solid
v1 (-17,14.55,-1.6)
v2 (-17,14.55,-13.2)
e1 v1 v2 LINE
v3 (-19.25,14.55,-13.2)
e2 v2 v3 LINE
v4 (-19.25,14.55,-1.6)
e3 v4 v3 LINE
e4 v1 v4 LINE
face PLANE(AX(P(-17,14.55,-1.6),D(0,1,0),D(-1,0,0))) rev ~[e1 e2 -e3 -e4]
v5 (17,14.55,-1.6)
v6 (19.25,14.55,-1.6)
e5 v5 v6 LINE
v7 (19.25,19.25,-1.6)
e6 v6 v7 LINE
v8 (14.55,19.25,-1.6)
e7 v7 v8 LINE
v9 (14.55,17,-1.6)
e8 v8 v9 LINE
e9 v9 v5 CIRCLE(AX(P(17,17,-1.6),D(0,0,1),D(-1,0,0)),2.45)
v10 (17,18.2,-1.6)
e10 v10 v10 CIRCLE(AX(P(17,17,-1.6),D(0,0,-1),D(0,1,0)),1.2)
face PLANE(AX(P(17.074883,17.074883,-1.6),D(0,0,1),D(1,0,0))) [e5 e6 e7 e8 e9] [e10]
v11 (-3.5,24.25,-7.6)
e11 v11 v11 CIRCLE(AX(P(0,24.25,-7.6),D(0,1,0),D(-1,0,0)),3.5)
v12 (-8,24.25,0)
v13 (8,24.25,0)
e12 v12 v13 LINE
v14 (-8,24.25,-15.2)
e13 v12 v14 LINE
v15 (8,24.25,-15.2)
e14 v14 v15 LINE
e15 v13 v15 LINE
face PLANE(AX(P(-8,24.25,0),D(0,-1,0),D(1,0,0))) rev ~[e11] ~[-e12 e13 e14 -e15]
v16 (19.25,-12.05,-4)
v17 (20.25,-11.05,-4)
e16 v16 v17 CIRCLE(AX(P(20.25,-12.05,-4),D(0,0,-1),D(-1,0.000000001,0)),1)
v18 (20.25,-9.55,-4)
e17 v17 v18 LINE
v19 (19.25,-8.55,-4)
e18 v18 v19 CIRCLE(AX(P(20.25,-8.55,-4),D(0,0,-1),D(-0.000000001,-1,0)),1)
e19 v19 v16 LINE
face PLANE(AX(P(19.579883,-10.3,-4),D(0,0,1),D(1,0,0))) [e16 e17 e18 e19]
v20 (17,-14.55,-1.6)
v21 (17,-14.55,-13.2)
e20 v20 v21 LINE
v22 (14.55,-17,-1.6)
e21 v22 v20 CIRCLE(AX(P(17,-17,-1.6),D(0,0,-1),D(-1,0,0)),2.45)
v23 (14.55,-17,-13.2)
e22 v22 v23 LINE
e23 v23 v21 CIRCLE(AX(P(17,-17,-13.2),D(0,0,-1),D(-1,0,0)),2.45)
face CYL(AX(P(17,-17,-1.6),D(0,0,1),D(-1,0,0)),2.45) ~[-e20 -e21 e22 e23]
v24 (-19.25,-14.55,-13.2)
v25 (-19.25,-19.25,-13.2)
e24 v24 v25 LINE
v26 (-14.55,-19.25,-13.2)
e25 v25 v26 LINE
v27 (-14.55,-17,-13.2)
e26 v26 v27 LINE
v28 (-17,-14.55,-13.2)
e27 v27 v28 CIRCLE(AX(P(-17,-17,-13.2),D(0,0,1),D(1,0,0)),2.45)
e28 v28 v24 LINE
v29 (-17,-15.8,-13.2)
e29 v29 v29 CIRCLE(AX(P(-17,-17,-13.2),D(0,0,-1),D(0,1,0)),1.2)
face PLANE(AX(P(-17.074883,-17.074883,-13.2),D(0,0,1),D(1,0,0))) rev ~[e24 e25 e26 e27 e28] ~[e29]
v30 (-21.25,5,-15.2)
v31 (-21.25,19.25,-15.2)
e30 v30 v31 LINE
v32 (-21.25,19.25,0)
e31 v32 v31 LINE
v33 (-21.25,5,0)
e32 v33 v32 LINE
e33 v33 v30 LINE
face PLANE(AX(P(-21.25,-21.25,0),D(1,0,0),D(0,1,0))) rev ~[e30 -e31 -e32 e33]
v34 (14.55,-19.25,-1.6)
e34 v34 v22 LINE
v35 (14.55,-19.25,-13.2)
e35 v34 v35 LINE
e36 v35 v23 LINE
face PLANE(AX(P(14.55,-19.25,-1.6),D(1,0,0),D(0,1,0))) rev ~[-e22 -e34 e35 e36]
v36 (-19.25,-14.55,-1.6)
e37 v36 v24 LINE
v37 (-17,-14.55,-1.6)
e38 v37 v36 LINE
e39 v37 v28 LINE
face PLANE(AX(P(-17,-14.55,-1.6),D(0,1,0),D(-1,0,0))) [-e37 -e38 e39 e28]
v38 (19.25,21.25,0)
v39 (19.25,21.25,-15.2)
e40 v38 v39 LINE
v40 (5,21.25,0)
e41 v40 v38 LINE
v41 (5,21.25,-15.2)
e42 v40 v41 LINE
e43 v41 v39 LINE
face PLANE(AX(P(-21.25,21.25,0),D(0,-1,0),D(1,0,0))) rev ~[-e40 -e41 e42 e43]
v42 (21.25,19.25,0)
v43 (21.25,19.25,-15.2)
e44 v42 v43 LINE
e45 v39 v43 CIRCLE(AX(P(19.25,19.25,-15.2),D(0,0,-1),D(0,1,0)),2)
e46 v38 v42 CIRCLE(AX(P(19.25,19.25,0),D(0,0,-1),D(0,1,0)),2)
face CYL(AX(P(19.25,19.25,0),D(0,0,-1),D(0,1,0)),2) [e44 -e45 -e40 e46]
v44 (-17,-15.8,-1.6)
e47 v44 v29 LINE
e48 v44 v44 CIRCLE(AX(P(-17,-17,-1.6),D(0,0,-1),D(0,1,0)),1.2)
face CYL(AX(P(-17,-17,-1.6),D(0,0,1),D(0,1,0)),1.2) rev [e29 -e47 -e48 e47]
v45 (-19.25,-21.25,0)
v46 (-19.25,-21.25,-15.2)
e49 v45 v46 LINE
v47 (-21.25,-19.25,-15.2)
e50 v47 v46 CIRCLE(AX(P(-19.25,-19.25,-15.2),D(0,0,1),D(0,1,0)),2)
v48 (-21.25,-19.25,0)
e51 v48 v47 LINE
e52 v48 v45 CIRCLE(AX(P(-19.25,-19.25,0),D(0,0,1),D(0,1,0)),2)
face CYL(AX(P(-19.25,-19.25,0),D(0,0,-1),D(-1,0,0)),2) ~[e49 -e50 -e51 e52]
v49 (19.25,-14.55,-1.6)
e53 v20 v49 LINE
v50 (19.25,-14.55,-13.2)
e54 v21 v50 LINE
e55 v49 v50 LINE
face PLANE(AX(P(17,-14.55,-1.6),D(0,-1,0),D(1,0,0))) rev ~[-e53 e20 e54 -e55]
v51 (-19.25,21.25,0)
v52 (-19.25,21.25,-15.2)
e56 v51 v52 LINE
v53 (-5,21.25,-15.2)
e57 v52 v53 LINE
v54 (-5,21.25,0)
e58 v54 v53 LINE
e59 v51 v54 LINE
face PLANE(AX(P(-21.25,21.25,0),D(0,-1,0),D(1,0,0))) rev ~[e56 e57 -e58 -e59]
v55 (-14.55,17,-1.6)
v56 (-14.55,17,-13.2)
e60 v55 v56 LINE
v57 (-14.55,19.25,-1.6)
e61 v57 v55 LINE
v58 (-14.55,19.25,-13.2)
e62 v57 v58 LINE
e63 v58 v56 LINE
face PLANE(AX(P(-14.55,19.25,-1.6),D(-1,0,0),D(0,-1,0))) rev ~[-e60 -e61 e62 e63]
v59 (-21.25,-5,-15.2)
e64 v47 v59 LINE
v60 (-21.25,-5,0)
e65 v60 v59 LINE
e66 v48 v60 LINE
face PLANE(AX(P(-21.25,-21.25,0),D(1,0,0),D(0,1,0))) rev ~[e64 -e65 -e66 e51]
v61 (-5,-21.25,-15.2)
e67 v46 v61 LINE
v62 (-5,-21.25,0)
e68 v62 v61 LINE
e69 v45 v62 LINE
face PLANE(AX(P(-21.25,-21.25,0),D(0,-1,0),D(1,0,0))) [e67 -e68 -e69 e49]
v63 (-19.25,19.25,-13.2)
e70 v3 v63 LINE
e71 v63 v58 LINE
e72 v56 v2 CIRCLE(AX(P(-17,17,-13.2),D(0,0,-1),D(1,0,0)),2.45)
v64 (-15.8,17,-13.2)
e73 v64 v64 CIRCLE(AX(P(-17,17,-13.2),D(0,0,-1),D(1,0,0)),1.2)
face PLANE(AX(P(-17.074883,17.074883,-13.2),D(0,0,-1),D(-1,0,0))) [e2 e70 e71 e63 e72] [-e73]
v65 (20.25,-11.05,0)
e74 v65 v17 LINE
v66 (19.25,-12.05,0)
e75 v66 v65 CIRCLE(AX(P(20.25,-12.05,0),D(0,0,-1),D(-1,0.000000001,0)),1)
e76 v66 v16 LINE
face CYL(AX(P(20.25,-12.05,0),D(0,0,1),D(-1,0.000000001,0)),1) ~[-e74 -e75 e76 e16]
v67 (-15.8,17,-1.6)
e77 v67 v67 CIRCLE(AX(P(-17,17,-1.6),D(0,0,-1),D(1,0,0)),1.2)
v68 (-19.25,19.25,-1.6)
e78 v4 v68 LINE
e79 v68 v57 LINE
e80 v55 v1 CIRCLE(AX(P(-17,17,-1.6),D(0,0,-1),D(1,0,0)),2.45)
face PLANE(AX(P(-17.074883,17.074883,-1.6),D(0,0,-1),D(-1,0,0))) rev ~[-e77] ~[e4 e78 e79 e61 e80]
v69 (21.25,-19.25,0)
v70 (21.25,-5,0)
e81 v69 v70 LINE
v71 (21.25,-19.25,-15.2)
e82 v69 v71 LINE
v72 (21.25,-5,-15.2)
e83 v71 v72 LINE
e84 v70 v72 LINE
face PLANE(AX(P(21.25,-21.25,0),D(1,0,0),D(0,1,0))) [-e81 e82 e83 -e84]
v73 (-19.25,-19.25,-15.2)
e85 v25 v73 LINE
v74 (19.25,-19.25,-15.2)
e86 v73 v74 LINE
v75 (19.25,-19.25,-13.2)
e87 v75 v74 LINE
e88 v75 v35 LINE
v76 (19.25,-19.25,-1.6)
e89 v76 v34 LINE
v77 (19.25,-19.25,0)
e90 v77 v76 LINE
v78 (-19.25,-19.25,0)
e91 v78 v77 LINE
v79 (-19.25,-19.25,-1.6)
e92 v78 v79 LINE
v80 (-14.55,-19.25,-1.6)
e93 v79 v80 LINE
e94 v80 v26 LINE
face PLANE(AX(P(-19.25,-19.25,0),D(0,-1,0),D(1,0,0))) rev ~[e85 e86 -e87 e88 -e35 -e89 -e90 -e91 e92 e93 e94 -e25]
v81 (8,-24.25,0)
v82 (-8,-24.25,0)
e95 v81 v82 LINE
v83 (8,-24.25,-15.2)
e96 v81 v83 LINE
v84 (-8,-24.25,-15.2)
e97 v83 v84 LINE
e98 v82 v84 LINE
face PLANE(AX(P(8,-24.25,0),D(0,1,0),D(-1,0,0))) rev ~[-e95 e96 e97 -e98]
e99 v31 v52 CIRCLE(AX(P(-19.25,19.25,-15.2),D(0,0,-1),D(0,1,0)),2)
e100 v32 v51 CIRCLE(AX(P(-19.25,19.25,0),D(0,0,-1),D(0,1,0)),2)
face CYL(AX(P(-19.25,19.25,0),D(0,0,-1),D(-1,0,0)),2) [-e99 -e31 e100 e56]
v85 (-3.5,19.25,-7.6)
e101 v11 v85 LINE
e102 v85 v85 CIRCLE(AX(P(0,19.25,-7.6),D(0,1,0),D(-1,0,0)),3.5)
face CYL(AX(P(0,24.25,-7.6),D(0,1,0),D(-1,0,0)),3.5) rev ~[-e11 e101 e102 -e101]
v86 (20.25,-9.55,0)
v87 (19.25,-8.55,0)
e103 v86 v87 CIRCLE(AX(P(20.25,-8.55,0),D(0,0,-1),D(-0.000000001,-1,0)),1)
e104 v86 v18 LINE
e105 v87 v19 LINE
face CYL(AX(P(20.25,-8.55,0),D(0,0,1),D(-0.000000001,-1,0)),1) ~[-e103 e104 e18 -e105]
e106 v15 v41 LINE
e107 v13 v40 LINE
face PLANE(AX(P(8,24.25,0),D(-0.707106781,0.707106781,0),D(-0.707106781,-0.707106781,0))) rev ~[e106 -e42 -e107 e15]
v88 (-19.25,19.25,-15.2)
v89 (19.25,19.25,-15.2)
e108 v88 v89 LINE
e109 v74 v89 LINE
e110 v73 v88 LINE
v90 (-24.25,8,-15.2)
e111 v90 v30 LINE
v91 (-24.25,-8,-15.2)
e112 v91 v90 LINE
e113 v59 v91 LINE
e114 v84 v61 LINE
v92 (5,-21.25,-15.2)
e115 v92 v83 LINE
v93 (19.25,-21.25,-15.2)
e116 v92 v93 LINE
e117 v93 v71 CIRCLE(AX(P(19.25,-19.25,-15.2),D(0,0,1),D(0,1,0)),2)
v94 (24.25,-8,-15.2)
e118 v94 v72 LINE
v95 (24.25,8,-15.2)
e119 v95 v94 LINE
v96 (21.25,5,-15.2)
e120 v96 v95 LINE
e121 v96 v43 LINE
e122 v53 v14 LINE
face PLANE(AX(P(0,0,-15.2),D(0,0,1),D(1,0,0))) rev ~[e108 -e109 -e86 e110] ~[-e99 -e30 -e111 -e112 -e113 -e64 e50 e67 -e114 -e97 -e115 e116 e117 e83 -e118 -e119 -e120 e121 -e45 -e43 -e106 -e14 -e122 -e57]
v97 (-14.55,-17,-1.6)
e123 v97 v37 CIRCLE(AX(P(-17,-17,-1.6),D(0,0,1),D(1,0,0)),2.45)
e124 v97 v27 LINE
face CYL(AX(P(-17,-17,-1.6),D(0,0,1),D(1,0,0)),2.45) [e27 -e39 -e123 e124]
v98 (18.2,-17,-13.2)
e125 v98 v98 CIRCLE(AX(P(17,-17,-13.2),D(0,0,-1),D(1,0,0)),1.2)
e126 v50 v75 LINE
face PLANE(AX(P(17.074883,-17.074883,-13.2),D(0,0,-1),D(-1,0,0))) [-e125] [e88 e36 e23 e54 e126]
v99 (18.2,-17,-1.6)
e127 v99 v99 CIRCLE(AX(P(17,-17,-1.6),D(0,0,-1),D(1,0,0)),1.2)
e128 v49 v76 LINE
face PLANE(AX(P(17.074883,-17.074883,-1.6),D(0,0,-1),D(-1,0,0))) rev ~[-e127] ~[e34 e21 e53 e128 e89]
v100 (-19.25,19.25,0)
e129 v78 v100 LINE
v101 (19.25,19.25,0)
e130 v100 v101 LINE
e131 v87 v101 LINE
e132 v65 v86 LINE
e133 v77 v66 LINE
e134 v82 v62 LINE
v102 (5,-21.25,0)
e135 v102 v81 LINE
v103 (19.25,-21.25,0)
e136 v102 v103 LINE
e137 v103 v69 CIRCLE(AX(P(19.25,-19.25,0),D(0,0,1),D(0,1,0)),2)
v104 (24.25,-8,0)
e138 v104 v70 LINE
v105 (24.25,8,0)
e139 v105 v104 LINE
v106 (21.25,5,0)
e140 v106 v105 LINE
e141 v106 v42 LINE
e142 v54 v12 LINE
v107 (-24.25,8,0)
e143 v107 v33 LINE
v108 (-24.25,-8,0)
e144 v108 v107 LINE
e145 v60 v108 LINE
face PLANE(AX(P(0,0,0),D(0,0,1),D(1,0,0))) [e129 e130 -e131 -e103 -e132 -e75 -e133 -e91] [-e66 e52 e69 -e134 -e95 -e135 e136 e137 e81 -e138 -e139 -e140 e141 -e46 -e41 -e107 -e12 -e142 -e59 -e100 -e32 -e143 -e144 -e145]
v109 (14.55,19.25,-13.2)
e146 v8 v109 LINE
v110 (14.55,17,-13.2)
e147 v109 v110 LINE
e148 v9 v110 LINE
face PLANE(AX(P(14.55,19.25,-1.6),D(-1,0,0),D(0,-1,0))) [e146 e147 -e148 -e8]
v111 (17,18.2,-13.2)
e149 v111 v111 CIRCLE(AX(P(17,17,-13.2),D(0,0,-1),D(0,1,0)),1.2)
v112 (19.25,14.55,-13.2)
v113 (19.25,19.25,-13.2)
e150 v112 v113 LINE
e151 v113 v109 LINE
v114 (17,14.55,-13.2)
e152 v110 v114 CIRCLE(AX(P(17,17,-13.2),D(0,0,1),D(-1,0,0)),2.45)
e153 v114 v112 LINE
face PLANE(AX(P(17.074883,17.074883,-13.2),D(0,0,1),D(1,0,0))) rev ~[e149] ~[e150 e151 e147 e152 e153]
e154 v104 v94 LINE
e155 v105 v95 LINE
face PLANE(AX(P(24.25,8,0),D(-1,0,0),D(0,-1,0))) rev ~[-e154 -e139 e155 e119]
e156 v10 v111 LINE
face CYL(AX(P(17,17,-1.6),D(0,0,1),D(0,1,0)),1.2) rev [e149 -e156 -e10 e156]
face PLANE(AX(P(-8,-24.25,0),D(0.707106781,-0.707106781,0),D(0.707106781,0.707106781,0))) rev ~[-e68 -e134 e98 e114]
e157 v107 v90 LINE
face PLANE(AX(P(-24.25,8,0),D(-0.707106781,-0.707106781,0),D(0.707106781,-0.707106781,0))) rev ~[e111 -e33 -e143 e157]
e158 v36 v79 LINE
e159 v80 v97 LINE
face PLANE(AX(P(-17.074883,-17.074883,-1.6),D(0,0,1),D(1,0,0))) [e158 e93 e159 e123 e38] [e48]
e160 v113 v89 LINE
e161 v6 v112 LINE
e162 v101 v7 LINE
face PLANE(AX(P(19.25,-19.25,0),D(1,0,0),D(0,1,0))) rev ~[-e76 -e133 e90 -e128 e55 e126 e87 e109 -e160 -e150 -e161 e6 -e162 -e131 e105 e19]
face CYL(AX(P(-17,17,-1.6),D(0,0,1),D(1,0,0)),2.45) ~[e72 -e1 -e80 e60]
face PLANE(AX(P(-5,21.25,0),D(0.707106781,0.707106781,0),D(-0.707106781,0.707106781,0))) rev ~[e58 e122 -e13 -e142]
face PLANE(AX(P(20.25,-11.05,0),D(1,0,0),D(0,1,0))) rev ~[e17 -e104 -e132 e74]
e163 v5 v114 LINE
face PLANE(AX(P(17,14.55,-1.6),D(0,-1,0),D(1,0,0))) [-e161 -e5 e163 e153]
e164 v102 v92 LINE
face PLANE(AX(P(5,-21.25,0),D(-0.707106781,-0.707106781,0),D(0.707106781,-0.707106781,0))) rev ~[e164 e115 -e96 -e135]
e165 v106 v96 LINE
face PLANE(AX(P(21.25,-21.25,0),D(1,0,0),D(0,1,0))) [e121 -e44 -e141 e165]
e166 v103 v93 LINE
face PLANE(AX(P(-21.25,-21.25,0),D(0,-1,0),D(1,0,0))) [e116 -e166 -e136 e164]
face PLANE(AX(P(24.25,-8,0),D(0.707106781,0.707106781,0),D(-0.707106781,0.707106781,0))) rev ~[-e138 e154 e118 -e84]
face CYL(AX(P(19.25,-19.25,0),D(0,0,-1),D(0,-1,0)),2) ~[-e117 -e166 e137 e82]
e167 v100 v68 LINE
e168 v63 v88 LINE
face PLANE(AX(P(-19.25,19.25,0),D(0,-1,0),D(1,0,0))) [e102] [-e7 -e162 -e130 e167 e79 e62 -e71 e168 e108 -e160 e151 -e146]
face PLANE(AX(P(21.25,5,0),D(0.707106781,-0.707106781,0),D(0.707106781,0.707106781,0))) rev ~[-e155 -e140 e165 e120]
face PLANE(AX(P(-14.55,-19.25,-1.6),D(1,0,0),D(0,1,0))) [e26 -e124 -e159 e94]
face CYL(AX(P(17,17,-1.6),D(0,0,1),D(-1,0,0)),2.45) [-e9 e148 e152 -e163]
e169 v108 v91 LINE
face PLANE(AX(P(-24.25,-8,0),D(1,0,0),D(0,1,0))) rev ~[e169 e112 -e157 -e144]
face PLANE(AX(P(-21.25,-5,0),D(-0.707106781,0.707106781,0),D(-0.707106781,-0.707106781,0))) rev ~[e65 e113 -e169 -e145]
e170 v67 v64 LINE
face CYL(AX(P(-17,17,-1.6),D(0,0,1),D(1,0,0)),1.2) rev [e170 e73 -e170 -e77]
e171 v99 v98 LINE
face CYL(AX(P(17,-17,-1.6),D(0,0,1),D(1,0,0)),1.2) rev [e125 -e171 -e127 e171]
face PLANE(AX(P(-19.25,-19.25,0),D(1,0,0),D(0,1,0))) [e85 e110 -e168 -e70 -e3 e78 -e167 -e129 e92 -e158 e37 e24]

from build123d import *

# Parameters (mm, degrees)
SKETCH1_W           = 42.5
SKETCH1_H           = 42.5
SKETCH1_W_2         = 38.5
SKETCH1_H_2         = 38.5
BOSS_EXTRUDE2_DEPTH = 15.2
SKETCH2_R           = 1.2
BOSS_EXTRUDE4_DEPTH = 11.6
BOSS_EXTRUDE5_DEPTH = 15.2
CIRPATTERN1_COUNT   = 4
CUT_EXTRUDE2_DEPTH  = 4
CUT_EXTRUDE3_REACH  = 58.315
SKETCH4_R           = 3.5
FILLET1_R           = 2


with BuildPart() as part:
    # Sketch1 → Boss-Extrude2 (new body)
    with BuildSketch(Plane.XY):
        Rectangle(SKETCH1_W, SKETCH1_H)
        Rectangle(SKETCH1_W_2, SKETCH1_H_2, mode=Mode.SUBTRACT)
    extrude(amount=-BOSS_EXTRUDE2_DEPTH)

    # Sketch2 → Boss-Extrude4 (add)
    # profile 1 of 4: a face of its own
    with BuildSketch(Plane(origin=(0, 0, -1.6), x_dir=(-1, 0, 0), z_dir=(0, 0, -1))):
        with BuildLine():
            Line((17, -14.55), (19.25, -14.55))
            Line((19.25, -14.55), (19.25, -19.25))
            Line((19.25, -19.25), (14.55, -19.25))
            Line((14.55, -19.25), (14.55, -17))
            ThreePointArc((14.55, -17), (15.267588386, -15.267588386), (17, -14.55))
        make_face()
        with Locations(Location((17, -17, 0), (0, 0, 90))):
            Circle(SKETCH2_R, mode=Mode.SUBTRACT)
    # profile 2 of 4: a face of its own
    with BuildSketch(Plane(origin=(0, 0, -1.6), x_dir=(-1, 0, 0), z_dir=(0, 0, -1))):
        with BuildLine():
            Line((19.25, 14.55), (19.25, 19.25))
            Line((19.25, 19.25), (14.55, 19.25))
            Line((14.55, 19.25), (14.55, 17))
            ThreePointArc((14.55, 17), (15.267588386, 15.267588386), (17, 14.55))
            Line((17, 14.55), (19.25, 14.55))
        make_face()
        with Locations(Location((17, 17, 0), (0, 0, 180))):
            Circle(SKETCH2_R, mode=Mode.SUBTRACT)
    # profile 3 of 4: a face of its own
    with BuildSketch(Plane(origin=(0, 0, -1.6), x_dir=(-1, 0, 0), z_dir=(0, 0, -1))):
        with BuildLine():
            Line((-19.25, -14.55), (-19.25, -19.25))
            Line((-19.25, -19.25), (-14.55, -19.25))
            Line((-14.55, -19.25), (-14.55, -17))
            ThreePointArc((-14.55, -17), (-15.267588386, -15.267588386), (-17, -14.55))
            Line((-17, -14.55), (-19.25, -14.55))
        make_face()
        with Locations(Location((-17, -17, 0), (0, 0, 180))):
            Circle(SKETCH2_R, mode=Mode.SUBTRACT)
    # profile 4 of 4: a face of its own
    with BuildSketch(Plane(origin=(0, 0, -1.6), x_dir=(-1, 0, 0), z_dir=(0, 0, -1))):
        with BuildLine():
            Line((-17, 14.55), (-19.25, 14.55))
            Line((-19.25, 14.55), (-19.25, 19.25))
            Line((-19.25, 19.25), (-14.55, 19.25))
            Line((-14.55, 19.25), (-14.55, 17))
            ThreePointArc((-14.55, 17), (-15.267588386, 15.267588386), (-17, 14.55))
        make_face()
        with Locations(Location((-17, 17, 0), (0, 0, 90))):
            Circle(SKETCH2_R, mode=Mode.SUBTRACT)
    extrude(amount=BOSS_EXTRUDE4_DEPTH)

    # Sketch5 → Boss-Extrude5 (add)
    with BuildSketch(Plane.XY):
        Polygon((-21.25, 5), (-21.25, -5), (-24.25, -8), (-24.25, 8), align=None)
    boss_extrude5 = extrude(amount=-BOSS_EXTRUDE5_DEPTH)

    # CirPattern1: Boss-Extrude5 ×4 about axis
    cirpattern1_axis = Axis((0, 0, 0), (0, 0, 1))
    for i in range(1, CIRPATTERN1_COUNT):
        add(boss_extrude5.rotate(cirpattern1_axis, i * 360 / CIRPATTERN1_COUNT))

    # Sketch3 → Cut-Extrude2 (cut)
    with BuildSketch(Plane.XY):
        with BuildLine():
            Line((20.25, -11.05), (20.25, -9.55))
            ThreePointArc((20.25, -9.55), (19.542893219, -9.257106781), (19.25, -8.55))
            Line((19.25, -8.55), (19.25, -12.05))
            ThreePointArc((19.25, -12.05), (19.542893219, -11.342893219), (20.25, -11.05))
        make_face()
    extrude(amount=-CUT_EXTRUDE2_DEPTH, mode=Mode.SUBTRACT)

    # Sketch4 → Cut-Extrude3 (cut, up to next)
    with BuildSketch(Plane(origin=(0, 24.25, 0), x_dir=(1, 0, 0), z_dir=(0, 1, 0)), mode=Mode.PRIVATE) as cut_extrude3_sk1:
        with Locations(Location((0, 7.6, 0), (0, 0, 180))):
            Circle(SKETCH4_R)
    cut_extrude3_tool1 = extrude(cut_extrude3_sk1.sketch, amount=-CUT_EXTRUDE3_REACH, mode=Mode.PRIVATE) & part.part
    add(cut_extrude3_tool1.solids().sort_by_distance((0, 24.25, -7.6))[0], mode=Mode.SUBTRACT)

    # Fillet1
    fillet1_edges = [part.edges().sort_by_distance(p)[0] for p in [
        (-21.25, -21.25, -7.6),
        (-21.25, 21.25, -7.6),
        (21.25, 21.25, -7.6),
        (21.25, -21.25, -7.6),
    ]]
    fillet(fillet1_edges, radius=FILLET1_R)


solid = part.part
